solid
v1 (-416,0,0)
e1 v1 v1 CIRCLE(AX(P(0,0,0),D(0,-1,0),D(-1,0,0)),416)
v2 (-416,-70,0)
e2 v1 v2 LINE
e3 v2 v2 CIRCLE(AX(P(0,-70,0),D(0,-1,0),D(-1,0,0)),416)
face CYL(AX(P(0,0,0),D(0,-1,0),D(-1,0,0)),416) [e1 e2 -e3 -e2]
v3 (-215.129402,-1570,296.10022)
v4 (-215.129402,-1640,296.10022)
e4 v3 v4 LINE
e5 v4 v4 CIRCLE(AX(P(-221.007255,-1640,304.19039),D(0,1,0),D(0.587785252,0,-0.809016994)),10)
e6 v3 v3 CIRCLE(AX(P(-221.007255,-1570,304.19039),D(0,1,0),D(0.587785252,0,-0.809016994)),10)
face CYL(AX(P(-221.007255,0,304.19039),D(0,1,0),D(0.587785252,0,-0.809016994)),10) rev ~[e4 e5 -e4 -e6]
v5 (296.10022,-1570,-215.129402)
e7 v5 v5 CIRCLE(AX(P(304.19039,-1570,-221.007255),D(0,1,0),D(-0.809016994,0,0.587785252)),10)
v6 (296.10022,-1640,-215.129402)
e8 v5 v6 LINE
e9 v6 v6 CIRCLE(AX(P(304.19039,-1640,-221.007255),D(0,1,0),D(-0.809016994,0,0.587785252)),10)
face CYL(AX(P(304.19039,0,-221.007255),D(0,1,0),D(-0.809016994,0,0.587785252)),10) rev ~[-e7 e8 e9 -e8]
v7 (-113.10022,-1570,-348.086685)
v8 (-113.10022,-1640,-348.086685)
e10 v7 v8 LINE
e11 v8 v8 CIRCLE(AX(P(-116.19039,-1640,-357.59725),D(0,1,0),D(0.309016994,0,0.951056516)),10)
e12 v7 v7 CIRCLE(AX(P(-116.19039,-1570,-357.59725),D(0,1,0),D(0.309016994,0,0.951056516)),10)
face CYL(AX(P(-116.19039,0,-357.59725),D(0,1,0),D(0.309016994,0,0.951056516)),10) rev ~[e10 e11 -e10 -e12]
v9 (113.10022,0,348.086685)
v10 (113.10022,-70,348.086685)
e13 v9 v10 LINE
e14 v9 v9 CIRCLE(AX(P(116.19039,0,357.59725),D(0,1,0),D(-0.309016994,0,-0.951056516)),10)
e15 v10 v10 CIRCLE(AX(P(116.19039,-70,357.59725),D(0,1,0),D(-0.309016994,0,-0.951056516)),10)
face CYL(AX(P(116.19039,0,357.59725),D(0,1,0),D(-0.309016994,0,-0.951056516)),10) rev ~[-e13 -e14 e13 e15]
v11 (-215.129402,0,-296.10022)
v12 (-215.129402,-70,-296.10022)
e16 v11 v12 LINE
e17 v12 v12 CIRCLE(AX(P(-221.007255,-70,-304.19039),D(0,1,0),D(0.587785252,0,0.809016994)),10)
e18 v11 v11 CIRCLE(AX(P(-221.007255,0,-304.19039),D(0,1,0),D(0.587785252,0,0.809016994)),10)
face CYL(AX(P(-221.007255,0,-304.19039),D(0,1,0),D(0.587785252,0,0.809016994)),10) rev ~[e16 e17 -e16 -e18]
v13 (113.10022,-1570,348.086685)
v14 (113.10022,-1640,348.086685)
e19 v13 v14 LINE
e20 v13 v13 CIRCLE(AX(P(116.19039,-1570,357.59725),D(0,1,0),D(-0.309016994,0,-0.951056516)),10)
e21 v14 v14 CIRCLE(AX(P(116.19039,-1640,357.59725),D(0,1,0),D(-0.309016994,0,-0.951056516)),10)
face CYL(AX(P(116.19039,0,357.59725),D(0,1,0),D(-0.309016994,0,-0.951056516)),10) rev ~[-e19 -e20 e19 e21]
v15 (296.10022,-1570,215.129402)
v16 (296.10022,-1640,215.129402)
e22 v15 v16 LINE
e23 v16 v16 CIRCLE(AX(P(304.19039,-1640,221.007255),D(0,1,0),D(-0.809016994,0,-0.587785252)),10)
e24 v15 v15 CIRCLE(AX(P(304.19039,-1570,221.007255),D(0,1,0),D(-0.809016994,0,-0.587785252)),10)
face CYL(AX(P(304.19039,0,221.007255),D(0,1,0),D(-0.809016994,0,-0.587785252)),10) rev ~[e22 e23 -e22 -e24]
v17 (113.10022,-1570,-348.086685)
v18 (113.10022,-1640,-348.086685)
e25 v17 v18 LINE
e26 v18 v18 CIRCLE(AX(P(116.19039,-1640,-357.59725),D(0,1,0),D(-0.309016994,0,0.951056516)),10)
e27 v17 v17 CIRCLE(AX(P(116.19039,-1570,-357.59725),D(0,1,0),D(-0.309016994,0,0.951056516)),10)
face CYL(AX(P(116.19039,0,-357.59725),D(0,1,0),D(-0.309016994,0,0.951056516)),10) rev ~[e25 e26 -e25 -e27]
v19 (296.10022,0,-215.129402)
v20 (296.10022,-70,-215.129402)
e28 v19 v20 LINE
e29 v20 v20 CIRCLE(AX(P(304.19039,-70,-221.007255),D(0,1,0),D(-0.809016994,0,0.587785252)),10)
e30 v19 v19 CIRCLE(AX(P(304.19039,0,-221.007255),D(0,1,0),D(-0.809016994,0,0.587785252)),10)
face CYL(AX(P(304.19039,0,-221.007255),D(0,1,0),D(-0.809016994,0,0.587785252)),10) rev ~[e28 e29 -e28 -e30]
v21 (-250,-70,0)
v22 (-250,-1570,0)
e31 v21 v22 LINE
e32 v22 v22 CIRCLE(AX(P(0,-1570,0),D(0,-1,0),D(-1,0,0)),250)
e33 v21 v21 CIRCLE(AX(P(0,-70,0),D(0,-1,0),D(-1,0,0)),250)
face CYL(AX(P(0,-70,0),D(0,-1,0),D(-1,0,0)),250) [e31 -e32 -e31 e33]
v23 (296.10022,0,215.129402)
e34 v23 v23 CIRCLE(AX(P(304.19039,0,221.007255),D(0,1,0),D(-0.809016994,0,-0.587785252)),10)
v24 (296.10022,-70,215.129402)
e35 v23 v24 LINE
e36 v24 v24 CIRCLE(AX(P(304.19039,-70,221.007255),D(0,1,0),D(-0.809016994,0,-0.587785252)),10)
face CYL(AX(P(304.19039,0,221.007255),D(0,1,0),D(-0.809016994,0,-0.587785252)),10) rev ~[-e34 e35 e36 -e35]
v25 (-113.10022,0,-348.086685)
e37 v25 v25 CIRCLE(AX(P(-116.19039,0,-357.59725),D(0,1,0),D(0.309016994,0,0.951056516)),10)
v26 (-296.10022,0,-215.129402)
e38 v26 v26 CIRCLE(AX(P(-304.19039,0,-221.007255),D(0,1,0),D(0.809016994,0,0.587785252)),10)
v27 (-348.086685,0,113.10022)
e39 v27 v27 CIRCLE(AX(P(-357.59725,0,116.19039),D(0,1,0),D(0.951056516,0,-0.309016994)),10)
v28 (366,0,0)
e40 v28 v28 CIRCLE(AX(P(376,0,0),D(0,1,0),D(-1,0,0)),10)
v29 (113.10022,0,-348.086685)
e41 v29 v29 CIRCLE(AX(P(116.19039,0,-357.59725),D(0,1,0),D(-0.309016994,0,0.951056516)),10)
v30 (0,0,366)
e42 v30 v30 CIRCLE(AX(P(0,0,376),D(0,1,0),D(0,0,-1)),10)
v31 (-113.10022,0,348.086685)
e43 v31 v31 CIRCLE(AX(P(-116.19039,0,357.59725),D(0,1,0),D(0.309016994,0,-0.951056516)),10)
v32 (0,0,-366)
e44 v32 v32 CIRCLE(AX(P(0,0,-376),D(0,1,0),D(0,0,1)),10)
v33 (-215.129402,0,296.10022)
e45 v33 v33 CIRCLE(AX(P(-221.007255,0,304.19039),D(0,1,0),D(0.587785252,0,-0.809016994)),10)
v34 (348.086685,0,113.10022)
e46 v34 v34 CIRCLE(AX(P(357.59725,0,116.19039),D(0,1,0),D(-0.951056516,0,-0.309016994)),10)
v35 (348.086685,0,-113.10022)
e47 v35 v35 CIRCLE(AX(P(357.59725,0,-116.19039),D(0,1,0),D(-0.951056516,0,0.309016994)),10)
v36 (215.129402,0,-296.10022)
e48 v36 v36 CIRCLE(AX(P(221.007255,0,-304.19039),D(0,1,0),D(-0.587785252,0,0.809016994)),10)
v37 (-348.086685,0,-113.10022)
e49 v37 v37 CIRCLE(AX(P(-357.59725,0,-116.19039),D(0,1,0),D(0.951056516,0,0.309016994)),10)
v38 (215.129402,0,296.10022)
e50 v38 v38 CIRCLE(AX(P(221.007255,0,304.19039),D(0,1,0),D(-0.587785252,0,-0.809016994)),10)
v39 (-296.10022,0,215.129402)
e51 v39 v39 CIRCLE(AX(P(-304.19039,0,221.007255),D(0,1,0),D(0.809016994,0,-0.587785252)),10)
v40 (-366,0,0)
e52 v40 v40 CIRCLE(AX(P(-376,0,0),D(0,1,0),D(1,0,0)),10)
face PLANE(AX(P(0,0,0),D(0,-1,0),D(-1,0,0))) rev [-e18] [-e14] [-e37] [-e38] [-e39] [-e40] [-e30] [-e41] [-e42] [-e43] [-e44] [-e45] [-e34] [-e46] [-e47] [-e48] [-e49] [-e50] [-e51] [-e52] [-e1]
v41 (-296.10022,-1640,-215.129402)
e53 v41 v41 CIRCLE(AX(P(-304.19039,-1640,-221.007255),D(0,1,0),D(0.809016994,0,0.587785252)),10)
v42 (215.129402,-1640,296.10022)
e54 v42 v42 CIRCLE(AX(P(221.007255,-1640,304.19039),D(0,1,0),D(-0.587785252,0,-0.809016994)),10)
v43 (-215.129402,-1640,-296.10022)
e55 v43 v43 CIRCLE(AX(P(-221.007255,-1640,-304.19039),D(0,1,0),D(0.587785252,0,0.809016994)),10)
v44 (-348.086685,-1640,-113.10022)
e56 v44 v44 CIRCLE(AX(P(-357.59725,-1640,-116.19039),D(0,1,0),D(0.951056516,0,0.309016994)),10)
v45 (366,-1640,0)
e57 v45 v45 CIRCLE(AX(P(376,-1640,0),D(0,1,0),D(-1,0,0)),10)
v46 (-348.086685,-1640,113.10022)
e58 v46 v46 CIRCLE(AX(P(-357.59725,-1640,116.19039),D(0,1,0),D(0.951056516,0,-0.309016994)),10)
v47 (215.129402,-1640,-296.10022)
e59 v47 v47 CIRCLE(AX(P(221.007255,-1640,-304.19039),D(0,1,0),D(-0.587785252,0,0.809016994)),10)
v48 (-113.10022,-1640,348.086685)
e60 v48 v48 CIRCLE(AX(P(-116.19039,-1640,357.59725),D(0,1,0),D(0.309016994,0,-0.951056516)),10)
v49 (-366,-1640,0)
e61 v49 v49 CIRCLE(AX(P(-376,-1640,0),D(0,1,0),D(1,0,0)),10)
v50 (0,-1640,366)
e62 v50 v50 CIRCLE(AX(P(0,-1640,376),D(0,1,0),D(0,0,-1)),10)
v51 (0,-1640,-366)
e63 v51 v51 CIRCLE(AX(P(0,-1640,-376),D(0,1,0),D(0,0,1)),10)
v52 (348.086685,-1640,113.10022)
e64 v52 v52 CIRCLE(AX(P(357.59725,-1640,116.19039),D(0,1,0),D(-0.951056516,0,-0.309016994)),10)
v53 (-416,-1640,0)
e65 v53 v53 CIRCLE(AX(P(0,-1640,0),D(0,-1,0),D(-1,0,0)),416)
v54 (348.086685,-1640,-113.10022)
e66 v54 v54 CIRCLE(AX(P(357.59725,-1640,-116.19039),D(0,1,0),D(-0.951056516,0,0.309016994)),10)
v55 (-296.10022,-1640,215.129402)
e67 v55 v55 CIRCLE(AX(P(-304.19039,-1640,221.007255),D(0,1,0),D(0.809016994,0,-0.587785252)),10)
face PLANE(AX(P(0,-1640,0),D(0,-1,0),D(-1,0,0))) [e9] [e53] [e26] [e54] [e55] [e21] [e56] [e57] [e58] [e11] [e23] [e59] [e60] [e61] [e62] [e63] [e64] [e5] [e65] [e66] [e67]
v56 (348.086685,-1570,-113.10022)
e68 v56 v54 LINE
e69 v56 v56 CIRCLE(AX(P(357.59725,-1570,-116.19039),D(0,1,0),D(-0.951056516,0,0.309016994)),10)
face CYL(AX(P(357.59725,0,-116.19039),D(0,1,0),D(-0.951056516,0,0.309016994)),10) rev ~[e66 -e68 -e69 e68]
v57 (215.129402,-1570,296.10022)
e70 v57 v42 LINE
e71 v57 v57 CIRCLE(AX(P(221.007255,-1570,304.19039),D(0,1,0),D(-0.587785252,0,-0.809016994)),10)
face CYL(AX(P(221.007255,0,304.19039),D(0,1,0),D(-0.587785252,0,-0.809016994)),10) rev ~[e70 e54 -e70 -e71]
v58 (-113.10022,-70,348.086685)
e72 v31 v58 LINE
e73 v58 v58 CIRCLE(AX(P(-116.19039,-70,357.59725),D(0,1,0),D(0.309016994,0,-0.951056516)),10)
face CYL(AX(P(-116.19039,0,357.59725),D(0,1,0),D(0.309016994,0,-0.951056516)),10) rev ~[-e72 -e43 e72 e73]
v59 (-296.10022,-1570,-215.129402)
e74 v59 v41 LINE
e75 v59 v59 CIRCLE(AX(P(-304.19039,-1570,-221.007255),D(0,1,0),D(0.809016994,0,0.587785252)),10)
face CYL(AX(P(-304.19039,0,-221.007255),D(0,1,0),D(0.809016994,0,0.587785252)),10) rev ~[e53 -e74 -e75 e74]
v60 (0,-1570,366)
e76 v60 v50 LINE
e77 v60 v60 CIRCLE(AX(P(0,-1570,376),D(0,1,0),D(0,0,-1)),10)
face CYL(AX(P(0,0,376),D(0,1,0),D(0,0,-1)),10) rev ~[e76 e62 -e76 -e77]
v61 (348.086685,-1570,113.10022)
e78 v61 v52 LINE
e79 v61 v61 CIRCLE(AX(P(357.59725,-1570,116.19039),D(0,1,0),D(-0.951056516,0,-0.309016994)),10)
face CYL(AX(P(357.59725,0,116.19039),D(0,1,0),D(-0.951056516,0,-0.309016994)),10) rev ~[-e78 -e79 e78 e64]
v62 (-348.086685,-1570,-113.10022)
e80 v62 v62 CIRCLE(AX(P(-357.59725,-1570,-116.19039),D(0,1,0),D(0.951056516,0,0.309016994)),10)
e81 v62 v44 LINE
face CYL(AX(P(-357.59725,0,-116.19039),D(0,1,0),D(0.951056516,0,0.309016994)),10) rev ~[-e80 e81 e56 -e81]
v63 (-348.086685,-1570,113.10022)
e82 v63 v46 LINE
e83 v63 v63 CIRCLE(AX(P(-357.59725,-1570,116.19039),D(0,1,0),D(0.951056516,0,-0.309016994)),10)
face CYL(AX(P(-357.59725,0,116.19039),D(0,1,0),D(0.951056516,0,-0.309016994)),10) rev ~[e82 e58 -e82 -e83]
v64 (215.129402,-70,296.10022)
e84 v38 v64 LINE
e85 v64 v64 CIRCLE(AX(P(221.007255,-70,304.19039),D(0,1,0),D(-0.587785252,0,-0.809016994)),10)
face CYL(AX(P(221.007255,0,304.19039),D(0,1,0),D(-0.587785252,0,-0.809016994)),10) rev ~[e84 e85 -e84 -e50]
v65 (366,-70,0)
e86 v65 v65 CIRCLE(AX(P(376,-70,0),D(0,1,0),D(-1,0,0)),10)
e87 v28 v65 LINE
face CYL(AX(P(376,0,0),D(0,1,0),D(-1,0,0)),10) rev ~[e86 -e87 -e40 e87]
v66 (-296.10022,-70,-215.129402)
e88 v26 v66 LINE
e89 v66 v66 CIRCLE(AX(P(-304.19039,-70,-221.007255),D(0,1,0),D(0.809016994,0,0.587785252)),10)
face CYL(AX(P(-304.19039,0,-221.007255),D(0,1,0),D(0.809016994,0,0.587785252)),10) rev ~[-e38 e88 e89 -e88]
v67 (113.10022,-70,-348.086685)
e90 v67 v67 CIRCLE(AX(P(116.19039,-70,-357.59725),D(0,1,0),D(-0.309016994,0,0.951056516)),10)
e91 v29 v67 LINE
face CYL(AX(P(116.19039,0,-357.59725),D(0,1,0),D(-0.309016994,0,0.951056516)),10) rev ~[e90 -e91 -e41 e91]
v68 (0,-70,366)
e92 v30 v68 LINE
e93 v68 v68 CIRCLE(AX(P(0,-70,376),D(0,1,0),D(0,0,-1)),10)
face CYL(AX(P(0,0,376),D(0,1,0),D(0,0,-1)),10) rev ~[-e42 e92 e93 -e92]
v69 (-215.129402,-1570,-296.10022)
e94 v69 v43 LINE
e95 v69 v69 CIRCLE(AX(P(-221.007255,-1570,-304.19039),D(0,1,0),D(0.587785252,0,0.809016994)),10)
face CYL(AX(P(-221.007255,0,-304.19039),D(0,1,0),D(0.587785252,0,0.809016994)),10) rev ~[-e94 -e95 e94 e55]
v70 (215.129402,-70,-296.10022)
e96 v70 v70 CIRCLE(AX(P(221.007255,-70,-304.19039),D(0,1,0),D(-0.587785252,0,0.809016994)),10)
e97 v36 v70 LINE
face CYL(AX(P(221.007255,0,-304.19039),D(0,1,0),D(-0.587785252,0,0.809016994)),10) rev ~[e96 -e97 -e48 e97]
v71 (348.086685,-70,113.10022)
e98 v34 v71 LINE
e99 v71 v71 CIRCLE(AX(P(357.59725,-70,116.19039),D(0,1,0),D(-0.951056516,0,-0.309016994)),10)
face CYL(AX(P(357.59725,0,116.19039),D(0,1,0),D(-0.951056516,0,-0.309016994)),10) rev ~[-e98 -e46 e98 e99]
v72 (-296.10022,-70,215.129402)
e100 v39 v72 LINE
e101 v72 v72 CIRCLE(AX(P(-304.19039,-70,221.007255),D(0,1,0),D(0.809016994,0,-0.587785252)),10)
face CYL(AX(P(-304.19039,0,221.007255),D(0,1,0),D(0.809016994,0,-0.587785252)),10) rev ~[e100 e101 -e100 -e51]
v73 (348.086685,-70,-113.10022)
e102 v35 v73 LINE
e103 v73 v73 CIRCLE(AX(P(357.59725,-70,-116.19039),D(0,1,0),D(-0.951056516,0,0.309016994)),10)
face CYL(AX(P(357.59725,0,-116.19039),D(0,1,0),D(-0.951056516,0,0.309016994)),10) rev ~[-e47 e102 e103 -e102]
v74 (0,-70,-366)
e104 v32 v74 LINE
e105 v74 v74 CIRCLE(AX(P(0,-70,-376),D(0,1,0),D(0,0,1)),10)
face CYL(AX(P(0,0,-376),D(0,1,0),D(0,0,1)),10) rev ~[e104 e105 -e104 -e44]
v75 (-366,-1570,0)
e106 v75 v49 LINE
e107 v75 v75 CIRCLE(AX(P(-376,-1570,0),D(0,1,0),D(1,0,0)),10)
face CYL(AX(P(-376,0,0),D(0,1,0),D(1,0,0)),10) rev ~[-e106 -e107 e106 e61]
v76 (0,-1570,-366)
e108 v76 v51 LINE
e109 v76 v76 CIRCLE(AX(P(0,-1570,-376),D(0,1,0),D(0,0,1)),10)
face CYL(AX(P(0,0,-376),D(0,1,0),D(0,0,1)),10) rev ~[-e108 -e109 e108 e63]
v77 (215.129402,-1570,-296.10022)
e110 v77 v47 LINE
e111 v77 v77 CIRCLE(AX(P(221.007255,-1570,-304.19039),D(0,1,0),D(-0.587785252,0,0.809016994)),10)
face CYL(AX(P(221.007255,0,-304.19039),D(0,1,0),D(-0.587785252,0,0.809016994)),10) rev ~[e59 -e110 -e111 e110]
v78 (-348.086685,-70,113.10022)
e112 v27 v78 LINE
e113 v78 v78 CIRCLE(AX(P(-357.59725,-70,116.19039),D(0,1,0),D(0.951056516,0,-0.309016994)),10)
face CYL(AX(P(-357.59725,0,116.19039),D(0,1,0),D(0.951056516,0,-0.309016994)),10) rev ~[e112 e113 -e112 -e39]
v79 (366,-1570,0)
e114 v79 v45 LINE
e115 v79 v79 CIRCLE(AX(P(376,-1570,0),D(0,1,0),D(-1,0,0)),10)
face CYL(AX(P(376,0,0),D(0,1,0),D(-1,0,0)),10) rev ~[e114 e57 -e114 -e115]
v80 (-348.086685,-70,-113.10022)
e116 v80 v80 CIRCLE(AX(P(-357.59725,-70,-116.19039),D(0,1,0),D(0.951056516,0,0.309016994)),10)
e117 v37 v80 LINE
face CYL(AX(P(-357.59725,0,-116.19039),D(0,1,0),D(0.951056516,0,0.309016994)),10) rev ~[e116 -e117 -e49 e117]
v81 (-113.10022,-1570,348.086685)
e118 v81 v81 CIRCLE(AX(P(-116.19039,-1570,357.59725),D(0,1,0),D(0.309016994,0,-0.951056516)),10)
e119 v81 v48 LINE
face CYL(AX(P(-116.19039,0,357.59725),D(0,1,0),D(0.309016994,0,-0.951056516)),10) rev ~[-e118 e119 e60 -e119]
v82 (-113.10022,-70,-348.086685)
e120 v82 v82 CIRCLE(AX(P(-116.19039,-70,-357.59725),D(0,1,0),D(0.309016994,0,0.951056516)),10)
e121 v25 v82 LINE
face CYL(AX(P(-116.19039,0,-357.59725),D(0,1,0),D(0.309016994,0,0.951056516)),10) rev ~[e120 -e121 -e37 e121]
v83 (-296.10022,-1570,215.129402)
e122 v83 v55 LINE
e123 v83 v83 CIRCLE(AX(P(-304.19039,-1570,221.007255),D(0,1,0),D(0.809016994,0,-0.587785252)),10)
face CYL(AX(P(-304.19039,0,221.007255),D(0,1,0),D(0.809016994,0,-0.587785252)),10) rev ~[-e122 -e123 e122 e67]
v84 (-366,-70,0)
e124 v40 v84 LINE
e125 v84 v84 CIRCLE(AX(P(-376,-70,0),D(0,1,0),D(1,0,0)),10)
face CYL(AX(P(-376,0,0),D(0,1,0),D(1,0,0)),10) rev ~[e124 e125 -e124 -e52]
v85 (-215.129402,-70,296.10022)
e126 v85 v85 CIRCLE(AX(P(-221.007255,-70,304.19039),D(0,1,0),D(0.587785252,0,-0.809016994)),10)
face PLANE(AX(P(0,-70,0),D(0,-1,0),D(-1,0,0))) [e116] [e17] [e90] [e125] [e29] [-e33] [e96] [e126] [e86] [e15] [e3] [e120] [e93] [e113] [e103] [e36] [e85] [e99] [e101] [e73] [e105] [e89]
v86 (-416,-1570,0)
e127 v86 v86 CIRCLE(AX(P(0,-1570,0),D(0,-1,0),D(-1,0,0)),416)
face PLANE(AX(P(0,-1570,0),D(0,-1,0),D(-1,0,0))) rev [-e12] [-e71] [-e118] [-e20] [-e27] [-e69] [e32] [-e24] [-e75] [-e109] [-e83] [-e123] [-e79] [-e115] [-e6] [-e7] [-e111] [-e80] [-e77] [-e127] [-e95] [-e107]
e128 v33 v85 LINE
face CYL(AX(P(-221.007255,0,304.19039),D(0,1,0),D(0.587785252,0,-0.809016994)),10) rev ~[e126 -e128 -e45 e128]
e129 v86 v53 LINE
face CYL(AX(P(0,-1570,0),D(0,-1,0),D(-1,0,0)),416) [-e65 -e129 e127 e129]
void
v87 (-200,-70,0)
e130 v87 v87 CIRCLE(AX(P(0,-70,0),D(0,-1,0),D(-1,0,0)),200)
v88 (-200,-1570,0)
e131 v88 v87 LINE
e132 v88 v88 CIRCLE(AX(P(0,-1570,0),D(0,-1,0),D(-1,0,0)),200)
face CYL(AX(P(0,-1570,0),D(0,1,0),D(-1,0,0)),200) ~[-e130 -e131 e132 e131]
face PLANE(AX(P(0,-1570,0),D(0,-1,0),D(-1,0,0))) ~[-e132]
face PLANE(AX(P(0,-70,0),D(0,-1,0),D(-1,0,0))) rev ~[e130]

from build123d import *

# Parameters (mm, degrees)
ESQUISSE2_R                  = 10
ENL_V_MAT_EXTRU_1_DEPTH      = 1743.329475157
R_P_TITION_CIRCULAIRE1_COUNT = 20


with BuildPart() as part:
    # Esquisse1 → Révolution1 (revolve)
    with BuildSketch(Plane.XY, mode=Mode.PRIVATE) as r_volution1_sk:
        Polygon((0, 0), (416, 0), (416, -70), (250, -70), (250, -1570), (416, -1570), (416, -1640), (0, -1640), (0, -1570), (200, -1570), (200, -70), (0, -70), align=None)
    revolve(r_volution1_sk.sketch.rotate(Axis((0, 0, 0), (0, -1, 0)), 180), axis=Axis((0, 0, 0), (0, -1, 0)))

    # Esquisse2 → Enlèv. mat.-Extru.1 (cut, through all)
    with BuildSketch(Plane(origin=(0, 0, 0), x_dir=(1, 0, 0), z_dir=(0, 1, 0))):
        with Locations(Location((376, 0, 0), (0, 0, 180))):
            Circle(ESQUISSE2_R)
    enl_v_mat_extru_1 = extrude(amount=-ENL_V_MAT_EXTRU_1_DEPTH, mode=Mode.SUBTRACT)

    # Répétition circulaire1: Enlèv. mat.-Extru.1 ×20 about axis
    r_p_tition_circulaire1_axis = Axis((0, 0, 0), (0, 1, 0))
    for i in range(1, R_P_TITION_CIRCULAIRE1_COUNT):
        add(enl_v_mat_extru_1.rotate(r_p_tition_circulaire1_axis, i * 360 / R_P_TITION_CIRCULAIRE1_COUNT), mode=Mode.SUBTRACT)


solid = part.part
